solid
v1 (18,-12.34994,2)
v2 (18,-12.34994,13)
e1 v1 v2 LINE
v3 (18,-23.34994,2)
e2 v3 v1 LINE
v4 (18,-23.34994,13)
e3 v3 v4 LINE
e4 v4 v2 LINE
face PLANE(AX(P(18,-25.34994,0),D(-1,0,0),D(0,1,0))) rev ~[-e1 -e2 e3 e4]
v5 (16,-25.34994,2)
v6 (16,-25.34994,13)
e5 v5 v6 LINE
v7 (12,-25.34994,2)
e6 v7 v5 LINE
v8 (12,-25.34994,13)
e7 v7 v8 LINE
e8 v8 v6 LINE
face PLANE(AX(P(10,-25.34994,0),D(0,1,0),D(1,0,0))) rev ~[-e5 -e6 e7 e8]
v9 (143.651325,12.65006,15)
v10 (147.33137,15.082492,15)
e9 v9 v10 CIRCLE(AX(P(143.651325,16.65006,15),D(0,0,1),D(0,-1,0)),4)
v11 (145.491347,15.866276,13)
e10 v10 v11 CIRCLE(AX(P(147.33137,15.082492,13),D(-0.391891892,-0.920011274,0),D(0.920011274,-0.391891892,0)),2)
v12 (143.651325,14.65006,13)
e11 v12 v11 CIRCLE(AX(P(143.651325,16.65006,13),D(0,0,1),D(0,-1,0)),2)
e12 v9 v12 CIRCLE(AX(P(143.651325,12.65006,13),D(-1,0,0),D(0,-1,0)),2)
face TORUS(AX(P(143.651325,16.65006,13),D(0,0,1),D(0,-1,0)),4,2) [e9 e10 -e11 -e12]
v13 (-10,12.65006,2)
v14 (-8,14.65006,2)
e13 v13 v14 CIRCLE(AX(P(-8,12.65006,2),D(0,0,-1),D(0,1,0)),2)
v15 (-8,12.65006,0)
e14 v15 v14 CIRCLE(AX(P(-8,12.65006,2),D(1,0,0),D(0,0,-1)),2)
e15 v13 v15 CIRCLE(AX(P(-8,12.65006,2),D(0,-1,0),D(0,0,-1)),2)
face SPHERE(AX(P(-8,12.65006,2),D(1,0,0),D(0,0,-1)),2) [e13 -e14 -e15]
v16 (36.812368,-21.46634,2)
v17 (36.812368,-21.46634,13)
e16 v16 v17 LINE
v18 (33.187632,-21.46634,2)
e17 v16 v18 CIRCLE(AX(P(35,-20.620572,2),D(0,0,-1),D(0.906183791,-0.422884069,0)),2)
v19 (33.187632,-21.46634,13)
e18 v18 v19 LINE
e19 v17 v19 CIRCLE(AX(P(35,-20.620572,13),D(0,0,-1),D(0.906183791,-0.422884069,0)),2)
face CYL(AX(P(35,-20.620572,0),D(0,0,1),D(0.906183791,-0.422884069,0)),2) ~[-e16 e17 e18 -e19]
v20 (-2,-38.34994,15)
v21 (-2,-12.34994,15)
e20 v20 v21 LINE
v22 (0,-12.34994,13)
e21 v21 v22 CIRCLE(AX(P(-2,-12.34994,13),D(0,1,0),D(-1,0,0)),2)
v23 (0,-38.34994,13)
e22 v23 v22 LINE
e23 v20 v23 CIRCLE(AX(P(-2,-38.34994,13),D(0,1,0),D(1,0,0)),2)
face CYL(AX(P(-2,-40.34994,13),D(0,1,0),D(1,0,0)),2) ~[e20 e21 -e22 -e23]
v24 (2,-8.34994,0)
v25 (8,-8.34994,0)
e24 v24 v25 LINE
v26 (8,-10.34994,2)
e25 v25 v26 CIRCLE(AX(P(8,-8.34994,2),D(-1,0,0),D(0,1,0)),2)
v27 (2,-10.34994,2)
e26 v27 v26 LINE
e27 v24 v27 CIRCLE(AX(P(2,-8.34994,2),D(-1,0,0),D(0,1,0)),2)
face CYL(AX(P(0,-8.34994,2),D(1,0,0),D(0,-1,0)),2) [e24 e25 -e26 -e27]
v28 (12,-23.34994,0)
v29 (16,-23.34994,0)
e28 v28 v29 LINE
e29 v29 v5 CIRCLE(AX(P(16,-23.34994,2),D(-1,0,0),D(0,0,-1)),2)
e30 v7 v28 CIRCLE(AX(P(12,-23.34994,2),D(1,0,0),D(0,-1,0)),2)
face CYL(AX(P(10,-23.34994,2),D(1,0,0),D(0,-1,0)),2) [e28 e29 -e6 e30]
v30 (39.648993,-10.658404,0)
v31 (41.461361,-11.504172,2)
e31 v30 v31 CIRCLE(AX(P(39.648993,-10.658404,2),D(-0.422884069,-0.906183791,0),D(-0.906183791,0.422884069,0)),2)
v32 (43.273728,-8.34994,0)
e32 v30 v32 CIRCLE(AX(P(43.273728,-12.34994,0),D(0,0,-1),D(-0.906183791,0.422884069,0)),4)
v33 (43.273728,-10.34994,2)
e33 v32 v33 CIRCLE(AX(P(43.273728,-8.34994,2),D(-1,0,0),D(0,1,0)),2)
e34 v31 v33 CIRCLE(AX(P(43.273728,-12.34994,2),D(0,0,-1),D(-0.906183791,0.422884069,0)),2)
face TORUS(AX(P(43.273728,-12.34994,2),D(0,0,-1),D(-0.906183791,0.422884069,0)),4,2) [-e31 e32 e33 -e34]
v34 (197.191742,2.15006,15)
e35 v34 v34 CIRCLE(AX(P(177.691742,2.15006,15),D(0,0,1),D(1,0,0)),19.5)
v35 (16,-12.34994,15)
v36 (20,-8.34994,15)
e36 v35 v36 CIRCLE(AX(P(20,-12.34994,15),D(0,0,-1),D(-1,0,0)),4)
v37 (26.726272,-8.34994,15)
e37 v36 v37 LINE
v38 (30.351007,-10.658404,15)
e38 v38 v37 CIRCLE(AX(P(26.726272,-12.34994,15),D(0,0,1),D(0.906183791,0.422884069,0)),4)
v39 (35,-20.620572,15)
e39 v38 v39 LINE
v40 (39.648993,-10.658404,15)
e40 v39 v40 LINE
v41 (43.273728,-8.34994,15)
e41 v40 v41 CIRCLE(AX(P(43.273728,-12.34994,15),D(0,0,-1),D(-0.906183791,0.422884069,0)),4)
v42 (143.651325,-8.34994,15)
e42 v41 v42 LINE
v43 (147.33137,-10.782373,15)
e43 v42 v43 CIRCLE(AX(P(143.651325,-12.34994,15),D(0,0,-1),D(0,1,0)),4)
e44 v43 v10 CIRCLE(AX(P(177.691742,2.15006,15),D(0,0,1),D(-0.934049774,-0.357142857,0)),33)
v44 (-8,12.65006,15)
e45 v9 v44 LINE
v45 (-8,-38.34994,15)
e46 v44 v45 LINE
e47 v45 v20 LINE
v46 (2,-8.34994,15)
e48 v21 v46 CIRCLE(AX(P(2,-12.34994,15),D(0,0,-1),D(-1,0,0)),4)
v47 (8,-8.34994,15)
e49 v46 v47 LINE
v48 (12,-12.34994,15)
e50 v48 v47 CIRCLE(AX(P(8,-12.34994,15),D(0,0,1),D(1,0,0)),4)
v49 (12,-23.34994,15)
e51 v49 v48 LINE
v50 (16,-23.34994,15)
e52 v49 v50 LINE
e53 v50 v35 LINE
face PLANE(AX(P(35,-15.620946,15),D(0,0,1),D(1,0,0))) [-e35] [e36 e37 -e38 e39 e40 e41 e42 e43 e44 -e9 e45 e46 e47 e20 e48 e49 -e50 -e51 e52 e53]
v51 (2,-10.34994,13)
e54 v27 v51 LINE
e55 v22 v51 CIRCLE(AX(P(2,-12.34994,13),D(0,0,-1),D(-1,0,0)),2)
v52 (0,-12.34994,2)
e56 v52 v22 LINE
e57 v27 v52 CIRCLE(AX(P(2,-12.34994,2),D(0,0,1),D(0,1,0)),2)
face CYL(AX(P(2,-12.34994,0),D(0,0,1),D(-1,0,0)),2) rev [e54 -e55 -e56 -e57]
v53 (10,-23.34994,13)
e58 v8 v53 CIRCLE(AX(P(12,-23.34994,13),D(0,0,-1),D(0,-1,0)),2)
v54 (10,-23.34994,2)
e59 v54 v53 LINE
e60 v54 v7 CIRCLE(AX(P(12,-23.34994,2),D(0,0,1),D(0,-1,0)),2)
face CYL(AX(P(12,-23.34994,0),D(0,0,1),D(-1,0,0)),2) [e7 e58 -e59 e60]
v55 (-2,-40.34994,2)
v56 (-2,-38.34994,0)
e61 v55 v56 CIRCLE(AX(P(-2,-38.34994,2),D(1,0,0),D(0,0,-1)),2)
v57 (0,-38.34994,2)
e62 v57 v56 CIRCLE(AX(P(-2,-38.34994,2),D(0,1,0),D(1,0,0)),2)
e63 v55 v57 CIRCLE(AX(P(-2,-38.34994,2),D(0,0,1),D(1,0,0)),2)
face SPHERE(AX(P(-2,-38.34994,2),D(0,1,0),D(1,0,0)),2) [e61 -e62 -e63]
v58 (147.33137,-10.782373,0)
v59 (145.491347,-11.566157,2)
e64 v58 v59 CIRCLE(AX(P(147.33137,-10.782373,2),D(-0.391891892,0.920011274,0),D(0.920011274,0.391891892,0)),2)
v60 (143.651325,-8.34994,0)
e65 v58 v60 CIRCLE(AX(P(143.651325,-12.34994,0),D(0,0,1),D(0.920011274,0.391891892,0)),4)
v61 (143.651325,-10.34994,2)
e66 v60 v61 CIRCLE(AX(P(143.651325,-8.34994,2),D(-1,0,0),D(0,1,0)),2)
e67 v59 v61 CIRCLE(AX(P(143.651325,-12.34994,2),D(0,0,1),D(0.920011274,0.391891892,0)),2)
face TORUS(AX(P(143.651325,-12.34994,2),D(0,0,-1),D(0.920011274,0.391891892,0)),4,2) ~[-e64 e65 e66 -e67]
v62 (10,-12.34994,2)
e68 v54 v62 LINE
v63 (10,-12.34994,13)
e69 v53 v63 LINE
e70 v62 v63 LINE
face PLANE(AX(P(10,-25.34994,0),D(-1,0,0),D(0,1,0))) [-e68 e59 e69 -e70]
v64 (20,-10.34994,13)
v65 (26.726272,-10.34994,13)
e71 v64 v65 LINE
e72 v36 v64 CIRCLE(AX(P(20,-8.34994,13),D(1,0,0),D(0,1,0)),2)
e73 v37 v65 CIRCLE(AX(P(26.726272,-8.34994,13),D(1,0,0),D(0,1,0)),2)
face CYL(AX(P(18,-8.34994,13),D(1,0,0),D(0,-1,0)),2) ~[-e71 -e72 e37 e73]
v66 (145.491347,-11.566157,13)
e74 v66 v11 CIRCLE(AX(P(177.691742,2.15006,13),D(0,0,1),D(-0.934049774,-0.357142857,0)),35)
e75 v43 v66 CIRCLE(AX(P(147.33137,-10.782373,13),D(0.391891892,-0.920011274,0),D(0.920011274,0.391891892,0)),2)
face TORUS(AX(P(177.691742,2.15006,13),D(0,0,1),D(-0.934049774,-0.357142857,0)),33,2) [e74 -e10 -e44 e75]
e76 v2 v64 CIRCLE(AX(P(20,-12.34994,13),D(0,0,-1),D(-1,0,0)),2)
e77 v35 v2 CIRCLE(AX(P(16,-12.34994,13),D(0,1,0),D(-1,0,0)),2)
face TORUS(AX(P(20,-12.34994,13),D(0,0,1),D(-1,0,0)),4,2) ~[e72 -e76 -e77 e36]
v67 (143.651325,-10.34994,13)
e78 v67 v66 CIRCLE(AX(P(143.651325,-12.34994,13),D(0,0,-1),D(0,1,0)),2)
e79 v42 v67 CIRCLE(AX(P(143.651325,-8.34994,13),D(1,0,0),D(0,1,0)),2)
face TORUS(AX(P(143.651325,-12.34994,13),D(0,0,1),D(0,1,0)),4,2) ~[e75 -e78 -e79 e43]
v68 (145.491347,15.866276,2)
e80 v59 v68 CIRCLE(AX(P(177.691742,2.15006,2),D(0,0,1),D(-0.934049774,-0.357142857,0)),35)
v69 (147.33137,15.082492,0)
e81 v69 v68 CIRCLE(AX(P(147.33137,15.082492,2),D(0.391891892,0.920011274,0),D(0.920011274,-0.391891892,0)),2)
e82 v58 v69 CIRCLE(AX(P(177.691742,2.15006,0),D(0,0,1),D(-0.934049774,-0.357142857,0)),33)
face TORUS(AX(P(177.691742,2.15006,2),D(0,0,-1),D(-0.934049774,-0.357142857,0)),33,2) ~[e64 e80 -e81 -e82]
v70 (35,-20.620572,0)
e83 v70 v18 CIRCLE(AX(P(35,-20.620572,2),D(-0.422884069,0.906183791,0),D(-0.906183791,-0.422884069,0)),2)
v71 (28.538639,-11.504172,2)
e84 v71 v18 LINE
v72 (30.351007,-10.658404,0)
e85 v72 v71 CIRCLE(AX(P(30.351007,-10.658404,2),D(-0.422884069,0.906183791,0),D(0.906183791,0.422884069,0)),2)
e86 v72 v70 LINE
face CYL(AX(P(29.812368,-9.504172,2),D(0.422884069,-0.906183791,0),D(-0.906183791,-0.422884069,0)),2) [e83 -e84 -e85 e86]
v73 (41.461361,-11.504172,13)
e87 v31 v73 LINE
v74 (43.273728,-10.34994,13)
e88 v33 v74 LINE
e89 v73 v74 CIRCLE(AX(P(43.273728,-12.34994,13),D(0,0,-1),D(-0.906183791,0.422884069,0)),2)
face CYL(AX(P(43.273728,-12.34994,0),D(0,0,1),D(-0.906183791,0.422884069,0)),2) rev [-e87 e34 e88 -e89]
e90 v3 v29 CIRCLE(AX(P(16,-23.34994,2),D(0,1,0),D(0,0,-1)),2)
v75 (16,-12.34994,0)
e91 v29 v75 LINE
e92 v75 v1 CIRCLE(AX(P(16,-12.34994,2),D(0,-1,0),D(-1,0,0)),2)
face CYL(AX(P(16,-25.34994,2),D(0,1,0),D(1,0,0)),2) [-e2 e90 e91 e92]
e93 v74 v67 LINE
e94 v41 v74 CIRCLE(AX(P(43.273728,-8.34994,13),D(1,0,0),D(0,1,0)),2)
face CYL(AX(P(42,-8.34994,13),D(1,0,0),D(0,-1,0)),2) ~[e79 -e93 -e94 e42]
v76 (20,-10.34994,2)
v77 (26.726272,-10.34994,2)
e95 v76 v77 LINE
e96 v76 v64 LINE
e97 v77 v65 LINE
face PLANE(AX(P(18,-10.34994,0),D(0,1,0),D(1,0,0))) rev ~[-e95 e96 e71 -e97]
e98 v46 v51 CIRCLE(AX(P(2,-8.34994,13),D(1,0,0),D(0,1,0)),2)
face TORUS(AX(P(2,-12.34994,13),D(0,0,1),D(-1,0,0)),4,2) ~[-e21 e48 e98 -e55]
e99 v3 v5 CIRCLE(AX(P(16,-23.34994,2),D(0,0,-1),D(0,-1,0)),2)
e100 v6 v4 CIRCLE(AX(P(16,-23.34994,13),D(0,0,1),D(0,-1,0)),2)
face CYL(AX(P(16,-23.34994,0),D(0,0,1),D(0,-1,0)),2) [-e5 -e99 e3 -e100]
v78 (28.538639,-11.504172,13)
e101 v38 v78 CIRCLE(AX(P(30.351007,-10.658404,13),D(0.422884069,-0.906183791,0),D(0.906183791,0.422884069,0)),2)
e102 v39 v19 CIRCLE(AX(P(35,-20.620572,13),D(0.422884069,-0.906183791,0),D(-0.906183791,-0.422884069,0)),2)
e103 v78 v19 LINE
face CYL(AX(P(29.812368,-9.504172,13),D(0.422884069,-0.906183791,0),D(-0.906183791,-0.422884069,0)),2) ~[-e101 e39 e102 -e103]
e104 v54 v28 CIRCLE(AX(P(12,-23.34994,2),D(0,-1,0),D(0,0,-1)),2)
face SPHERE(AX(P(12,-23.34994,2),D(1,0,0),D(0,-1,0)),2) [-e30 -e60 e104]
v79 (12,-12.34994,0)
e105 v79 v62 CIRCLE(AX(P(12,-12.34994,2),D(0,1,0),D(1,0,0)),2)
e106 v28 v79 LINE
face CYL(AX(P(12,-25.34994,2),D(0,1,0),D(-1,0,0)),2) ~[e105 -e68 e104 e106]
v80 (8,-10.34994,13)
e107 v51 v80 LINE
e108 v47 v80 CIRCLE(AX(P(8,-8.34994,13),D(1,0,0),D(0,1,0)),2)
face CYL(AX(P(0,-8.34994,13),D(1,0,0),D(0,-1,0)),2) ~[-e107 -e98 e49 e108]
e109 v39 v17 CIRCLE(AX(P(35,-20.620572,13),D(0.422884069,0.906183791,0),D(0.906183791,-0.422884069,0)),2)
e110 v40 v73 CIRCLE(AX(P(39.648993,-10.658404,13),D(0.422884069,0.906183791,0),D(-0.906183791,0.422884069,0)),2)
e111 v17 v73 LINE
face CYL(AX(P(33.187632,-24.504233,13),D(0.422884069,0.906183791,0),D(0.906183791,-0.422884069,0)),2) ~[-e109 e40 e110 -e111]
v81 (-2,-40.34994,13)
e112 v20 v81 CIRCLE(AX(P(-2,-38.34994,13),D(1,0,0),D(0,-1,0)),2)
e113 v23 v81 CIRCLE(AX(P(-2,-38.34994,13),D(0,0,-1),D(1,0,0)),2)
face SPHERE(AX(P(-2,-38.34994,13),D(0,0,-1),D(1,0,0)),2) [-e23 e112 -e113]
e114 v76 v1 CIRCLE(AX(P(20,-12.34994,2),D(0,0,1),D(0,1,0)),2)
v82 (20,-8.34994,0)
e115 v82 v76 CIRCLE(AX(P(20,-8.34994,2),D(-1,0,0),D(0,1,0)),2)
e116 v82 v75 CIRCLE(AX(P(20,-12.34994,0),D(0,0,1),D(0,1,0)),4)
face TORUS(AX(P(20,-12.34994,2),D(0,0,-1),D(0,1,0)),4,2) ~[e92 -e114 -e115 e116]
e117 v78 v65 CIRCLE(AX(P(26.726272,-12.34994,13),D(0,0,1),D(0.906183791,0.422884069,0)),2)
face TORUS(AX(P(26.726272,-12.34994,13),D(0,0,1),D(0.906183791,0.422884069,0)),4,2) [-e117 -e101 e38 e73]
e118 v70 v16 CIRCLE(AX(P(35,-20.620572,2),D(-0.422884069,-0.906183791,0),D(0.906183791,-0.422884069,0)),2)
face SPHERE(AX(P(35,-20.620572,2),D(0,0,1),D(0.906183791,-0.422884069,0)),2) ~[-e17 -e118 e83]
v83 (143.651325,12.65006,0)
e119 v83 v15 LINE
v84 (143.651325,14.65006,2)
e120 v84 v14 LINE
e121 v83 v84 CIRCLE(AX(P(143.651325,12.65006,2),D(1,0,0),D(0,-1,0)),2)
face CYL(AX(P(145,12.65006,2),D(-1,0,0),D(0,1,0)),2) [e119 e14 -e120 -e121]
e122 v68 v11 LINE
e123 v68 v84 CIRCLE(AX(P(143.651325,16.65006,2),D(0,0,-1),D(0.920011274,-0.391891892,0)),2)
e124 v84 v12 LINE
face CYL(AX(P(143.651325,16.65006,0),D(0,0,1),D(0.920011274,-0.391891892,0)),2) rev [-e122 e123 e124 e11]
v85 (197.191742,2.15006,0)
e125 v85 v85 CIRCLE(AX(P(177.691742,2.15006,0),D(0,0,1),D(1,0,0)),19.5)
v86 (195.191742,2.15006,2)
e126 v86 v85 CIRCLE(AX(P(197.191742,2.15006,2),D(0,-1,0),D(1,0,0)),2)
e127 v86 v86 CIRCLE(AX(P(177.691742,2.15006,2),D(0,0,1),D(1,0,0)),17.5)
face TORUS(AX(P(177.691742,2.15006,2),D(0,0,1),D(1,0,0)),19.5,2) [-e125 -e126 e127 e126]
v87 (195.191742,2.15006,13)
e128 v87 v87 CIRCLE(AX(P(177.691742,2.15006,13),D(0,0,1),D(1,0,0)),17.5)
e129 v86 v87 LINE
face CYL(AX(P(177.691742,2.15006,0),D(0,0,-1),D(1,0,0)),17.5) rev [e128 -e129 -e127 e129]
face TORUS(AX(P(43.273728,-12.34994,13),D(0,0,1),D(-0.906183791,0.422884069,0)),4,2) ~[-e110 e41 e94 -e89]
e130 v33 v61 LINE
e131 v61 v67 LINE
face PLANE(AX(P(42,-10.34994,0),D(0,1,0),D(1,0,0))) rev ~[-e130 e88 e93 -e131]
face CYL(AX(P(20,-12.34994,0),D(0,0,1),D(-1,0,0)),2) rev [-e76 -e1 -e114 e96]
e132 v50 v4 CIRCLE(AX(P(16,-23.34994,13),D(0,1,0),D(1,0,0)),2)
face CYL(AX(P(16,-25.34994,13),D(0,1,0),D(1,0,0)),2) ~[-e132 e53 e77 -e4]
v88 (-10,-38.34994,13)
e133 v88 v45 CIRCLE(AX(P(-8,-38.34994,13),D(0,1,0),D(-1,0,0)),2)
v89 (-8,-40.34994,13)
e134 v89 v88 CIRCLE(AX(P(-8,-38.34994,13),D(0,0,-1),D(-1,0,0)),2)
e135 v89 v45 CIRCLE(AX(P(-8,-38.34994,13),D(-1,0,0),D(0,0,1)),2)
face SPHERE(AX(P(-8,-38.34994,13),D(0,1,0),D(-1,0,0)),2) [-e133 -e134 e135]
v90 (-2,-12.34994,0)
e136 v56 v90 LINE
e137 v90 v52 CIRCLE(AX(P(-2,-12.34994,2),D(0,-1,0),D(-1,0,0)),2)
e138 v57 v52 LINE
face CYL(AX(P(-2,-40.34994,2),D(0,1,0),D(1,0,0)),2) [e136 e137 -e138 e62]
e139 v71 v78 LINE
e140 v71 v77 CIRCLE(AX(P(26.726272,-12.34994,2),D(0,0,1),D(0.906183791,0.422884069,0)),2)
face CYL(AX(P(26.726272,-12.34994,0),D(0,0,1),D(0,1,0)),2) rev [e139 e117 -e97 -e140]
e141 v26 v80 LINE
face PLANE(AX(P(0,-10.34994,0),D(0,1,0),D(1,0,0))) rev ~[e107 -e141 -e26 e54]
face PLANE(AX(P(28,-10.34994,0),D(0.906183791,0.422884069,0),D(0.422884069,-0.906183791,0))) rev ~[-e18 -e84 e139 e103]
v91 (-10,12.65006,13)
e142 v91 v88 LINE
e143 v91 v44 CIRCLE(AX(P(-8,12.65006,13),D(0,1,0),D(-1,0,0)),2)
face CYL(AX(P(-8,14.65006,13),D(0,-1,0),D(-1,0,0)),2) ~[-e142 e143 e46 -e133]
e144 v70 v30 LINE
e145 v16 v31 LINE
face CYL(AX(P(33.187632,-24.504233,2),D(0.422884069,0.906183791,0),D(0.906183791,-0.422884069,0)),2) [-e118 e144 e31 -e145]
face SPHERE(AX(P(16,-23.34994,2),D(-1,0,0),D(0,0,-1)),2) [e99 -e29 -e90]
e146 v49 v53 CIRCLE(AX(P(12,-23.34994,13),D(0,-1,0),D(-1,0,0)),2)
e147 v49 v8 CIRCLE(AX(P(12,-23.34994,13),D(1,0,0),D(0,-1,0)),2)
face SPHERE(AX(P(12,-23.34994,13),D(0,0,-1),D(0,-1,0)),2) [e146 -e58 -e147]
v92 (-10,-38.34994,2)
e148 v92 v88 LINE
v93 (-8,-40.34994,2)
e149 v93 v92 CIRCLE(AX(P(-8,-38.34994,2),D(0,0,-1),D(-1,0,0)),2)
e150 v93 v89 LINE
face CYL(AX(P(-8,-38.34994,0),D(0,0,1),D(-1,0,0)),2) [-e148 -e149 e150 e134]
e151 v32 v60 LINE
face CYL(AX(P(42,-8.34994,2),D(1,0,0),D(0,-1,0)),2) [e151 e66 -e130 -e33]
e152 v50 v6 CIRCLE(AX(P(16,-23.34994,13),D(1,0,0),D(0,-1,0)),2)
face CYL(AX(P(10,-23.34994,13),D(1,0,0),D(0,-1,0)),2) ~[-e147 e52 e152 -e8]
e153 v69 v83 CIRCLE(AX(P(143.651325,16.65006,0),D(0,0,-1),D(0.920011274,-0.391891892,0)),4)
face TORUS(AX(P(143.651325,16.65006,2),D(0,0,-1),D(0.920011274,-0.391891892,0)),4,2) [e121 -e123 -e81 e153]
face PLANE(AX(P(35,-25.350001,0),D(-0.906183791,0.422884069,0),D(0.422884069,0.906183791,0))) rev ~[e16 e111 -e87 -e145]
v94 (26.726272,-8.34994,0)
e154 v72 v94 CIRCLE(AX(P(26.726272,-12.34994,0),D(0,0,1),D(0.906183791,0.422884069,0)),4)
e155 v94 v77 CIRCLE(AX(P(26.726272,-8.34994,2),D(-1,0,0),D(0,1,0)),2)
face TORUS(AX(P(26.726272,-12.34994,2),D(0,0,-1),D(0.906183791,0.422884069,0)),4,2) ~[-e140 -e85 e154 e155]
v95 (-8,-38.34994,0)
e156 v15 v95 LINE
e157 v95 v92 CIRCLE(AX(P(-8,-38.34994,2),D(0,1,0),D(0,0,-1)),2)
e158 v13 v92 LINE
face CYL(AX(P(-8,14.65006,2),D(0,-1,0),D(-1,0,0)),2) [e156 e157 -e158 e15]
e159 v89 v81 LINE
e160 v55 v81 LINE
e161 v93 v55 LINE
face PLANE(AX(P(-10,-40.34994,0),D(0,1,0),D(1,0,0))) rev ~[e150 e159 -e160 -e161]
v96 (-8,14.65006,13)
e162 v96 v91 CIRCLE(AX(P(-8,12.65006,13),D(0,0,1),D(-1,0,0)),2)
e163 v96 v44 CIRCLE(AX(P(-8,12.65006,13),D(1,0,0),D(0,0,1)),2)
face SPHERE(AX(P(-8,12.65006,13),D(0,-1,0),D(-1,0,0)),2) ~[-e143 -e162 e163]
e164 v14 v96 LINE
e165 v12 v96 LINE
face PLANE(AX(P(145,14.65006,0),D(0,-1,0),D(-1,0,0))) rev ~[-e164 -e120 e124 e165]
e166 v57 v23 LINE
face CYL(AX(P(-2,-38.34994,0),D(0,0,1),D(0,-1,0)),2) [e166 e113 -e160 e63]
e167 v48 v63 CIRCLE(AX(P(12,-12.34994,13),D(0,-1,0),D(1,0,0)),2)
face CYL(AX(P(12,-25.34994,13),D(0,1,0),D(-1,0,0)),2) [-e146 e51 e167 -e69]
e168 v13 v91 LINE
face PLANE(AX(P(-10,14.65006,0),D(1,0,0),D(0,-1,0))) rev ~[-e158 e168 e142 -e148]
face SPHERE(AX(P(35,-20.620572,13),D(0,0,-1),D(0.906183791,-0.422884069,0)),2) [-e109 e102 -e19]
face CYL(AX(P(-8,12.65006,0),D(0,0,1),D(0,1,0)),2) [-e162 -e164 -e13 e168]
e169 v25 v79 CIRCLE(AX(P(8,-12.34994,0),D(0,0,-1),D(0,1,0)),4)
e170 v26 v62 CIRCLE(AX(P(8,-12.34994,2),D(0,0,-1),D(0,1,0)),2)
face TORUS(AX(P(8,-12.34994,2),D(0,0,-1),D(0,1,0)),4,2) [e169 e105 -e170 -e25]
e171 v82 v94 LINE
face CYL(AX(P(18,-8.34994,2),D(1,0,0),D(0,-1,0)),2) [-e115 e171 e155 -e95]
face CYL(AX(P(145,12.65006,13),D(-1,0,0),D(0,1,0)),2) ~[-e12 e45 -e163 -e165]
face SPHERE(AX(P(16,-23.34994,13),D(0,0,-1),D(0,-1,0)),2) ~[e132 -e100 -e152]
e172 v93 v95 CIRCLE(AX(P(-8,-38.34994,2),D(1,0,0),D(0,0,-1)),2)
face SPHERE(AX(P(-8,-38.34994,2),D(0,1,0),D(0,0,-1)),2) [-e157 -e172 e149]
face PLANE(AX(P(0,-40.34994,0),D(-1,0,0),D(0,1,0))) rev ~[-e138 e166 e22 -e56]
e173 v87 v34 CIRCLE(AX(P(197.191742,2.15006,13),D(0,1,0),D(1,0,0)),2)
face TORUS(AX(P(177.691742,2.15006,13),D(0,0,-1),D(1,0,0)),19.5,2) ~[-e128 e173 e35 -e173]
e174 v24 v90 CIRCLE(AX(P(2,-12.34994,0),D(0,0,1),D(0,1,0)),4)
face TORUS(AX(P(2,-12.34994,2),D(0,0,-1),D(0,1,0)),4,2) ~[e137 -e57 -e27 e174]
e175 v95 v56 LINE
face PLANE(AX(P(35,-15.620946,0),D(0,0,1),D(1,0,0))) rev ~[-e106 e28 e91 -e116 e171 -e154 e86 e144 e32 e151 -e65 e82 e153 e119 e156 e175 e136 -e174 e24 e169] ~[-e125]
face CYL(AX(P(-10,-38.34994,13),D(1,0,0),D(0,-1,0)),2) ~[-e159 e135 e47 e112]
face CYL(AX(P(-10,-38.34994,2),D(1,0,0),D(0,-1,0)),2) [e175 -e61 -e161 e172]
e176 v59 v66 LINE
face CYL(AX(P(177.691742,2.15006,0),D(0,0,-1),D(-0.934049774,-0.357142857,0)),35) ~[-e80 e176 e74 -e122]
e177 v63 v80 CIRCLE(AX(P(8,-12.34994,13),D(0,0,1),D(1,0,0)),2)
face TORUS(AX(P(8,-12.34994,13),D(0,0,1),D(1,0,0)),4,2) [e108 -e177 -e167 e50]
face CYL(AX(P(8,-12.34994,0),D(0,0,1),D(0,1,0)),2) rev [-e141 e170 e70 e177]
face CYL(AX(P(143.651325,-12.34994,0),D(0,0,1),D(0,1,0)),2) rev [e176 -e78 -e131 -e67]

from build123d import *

# Parameters (mm, degrees)
F0_W     = 10
F0_H     = 30
F0_R     = 17.5
F0_W_2   = 8
F0_H_2   = 15
F1_DEPTH = 15
F2_R     = 2


with BuildPart() as f1:
    # F0 (on Top) → F1 (new body)
    with BuildSketch(Plane.XY):
        Polygon((35, -25.3500007093), (42, -10.3499404094), (28, -10.3499404094), align=None)
        with Locations((-5, -25.3499404094)):
            Rectangle(F0_W, F0_H)
        with BuildLine():
            Line((145, 14.6500595906), (-10, 14.6500595906))
            Line((-10, 14.6500595906), (-10, -10.3499404094))
            Line((-10, -10.3499404094), (0, -10.3499404094))
            Line((0, -10.3499404094), (10, -10.3499404094))
            Line((10, -10.3499404094), (18, -10.3499404094))
            Line((18, -10.3499404094), (28, -10.3499404094))
            Line((28, -10.3499404094), (42, -10.3499404094))
            Line((42, -10.3499404094), (145, -10.3499404094))
            ThreePointArc((145, -10.3499404094), (212.6917420766, 2.1500595906), (145, 14.6500595906))
        make_face()
        with Locations((177.6917420766, 2.1500595906)):
            Circle(F0_R, mode=Mode.SUBTRACT)
        with Locations((14, -17.8499404094)):
            Rectangle(F0_W_2, F0_H_2)
    extrude(amount=F1_DEPTH)

    # F2
    f2_edges = [f1.edges().sort_by_distance(p)[0] for p in [
        (38.5, -17.849971, 0),
        (160.191742, 2.15006, 0),
        (31.5, -17.849971, 0),
        (23, -10.34994, 0),
        (28, -10.34994, 7.5),
        (14, -25.34994, 0),
        (93.5, -10.34994, 0),
        (160.191742, 2.15006, 15),
        (42, -10.34994, 7.5),
        (0, -25.34994, 0),
        (18, -17.84994, 0),
        (35, -25.350001, 7.5),
        (10, -10.34994, 7.5),
        (0, -10.34994, 7.5),
        (38.5, -17.849971, 15),
        (145, -10.34994, 7.5),
        (67.5, 14.65006, 0),
        (18, -25.34994, 7.5),
        (10, -25.34994, 7.5),
        (18, -10.34994, 7.5),
        (5, -10.34994, 0),
        (10, -17.84994, 0),
        (0, -40.34994, 7.5),
        (-10, -12.84994, 0),
        (-5, -40.34994, 0),
        (31.5, -17.849971, 15),
        (145, 14.65006, 7.5),
        (-10, -12.84994, 15),
        (0, -25.34994, 15),
        (93.5, -10.34994, 15),
        (14, -25.34994, 15),
        (18, -17.84994, 15),
        (10, -17.84994, 15),
        (5, -10.34994, 15),
        (-10, -40.34994, 7.5),
        (23, -10.34994, 15),
        (-10, 14.65006, 7.5),
        (67.5, 14.65006, 15),
        (-5, -40.34994, 15),
        (212.691742, 2.15006, 0),
        (212.691742, 2.15006, 15),
    ]]
    fillet(f2_edges, radius=F2_R)


solid = f1.part
